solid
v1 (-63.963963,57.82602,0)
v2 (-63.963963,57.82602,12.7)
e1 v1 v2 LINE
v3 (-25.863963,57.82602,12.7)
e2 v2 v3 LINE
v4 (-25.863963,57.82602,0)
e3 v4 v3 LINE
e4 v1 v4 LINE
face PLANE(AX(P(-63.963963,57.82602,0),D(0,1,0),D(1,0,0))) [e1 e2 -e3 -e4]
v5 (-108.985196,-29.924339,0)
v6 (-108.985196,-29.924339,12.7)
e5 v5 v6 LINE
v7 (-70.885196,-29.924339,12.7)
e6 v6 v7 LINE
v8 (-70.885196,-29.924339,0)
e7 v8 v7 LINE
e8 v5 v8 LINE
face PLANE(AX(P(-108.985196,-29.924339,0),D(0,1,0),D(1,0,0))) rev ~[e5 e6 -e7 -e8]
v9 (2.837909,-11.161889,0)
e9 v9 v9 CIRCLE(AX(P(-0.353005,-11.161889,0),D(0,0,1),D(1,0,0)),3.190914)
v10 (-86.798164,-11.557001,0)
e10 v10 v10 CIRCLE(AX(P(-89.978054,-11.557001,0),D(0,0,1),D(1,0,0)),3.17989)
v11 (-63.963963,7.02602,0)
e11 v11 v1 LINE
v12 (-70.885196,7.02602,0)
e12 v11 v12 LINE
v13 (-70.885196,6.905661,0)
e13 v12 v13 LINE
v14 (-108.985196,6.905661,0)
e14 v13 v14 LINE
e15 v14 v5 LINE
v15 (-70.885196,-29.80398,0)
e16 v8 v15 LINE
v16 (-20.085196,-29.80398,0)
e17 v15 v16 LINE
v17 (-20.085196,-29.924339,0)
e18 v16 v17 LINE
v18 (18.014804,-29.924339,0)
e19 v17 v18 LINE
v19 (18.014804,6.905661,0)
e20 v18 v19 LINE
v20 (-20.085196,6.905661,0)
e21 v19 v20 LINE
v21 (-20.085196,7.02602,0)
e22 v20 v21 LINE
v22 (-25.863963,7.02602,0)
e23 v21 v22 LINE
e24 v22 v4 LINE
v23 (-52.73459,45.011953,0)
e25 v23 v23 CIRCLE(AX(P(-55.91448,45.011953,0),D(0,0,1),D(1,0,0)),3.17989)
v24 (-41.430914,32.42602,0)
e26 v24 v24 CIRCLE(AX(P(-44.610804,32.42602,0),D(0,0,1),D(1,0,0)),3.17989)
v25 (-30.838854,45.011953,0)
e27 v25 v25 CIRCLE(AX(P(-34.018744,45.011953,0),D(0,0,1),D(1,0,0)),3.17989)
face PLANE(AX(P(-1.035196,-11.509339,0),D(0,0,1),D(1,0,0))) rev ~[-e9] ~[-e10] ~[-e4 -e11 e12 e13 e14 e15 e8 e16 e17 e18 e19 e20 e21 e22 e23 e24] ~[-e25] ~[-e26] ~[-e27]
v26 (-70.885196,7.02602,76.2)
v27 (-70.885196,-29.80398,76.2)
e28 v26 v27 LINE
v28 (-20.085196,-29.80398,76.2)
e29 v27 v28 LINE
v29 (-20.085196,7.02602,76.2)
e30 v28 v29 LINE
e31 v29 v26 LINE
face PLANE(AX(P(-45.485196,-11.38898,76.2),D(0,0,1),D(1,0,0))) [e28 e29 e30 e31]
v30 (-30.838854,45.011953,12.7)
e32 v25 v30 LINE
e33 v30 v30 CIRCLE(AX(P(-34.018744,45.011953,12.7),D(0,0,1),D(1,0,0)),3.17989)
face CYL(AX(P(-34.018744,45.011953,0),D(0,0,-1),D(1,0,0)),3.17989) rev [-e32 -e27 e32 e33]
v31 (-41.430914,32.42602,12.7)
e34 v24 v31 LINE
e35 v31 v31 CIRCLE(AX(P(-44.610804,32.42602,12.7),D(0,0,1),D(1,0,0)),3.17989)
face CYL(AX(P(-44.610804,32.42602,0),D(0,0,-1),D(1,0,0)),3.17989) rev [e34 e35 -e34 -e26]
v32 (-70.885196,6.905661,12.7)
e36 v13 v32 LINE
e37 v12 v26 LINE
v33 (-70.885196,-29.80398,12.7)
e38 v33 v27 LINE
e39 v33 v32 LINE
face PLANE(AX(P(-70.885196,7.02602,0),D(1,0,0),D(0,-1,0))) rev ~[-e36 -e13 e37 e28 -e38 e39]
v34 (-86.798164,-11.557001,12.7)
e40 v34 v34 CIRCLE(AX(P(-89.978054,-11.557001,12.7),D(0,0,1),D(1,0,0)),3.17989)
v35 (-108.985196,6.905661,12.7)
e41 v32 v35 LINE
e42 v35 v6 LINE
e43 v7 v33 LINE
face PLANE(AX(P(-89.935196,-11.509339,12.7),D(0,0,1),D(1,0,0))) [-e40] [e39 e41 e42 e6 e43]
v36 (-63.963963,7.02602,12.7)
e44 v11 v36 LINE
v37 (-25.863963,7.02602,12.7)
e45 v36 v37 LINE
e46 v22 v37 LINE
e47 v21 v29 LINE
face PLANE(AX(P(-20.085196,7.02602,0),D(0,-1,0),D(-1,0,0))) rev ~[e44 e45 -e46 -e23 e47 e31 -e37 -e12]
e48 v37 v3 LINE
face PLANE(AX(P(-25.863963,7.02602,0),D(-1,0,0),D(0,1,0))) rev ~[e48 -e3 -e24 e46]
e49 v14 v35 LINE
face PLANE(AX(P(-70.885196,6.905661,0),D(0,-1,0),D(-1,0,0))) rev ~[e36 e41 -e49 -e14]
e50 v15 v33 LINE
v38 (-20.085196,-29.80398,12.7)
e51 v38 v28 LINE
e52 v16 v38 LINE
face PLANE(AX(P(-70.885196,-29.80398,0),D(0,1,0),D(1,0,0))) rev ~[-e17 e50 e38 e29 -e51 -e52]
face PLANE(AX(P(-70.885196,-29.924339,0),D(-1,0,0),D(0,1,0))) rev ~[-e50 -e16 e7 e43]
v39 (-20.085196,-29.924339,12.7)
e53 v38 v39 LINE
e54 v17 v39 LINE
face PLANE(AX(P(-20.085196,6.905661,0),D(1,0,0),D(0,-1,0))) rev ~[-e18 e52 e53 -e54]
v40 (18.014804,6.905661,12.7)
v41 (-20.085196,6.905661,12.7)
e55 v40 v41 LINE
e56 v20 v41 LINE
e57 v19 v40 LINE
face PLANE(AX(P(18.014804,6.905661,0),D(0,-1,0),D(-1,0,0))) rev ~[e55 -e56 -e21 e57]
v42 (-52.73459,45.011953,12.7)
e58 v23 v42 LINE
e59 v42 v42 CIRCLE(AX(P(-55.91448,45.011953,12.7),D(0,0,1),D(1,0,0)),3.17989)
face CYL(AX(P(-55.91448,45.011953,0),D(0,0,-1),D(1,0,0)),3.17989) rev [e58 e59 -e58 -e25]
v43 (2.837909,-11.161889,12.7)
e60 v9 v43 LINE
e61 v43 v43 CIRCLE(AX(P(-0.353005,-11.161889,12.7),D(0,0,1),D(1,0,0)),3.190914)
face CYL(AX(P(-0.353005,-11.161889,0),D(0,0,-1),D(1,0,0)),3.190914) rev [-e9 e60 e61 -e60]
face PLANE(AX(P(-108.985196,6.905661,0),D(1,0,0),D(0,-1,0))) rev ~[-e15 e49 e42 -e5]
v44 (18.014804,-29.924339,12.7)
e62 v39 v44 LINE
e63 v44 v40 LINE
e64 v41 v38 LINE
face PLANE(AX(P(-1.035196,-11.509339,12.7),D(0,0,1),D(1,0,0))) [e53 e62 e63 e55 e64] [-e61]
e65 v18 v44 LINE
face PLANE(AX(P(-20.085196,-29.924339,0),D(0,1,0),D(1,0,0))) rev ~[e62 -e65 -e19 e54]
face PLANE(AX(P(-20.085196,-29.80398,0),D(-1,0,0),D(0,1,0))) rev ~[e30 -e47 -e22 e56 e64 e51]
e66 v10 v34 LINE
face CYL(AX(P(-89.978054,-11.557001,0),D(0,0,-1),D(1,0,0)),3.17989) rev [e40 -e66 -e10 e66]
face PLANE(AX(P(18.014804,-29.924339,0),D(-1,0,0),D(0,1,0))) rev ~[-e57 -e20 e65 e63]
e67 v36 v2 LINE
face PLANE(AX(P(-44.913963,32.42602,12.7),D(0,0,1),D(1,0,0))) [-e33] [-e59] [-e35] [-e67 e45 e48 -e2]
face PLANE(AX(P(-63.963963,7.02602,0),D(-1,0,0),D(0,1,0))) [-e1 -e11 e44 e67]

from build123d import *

# Parameters (mm, degrees)
F1_DEPTH = 76.2
F0_R     = 3.17989
F2_DEPTH = 12.7
F0_R_2   = 3.190914
F3_DEPTH = 12.7
F0_W     = 38.1
F0_H     = 50.8
F4_DEPTH = 12.7


with BuildPart() as f1:
    # F0 (on Top) → F1 (new body)
    with BuildSketch(Plane.XY):
        Polygon((-63.963963, 7.02602), (-70.885196, 7.02602), (-70.885196, 6.905661), (-70.885196, -29.80398), (-20.085196, -29.80398), (-20.085196, 6.905661), (-20.085196, 7.02602), (-25.863963, 7.02602), align=None)
    extrude(amount=F1_DEPTH)

    # F0 (on Top) → F2 (join)
    with BuildSketch(Plane.XY):
        Polygon((-70.885196, -29.80398), (-70.885196, 6.905661), (-108.985196, 6.905661), (-108.985196, -29.924339), (-70.885196, -29.924339), align=None)
        with Locations((-89.978054, -11.557001)):
            Circle(F0_R, mode=Mode.SUBTRACT)
    extrude(amount=F2_DEPTH)

    # F0 (on Top) → F3 (join)
    with BuildSketch(Plane.XY):
        Polygon((-20.085196, 6.905661), (-20.085196, -29.80398), (-20.085196, -29.924339), (18.014804, -29.924339), (18.014804, 6.905661), align=None)
        with Locations((-0.353005, -11.161889)):
            Circle(F0_R_2, mode=Mode.SUBTRACT)
    extrude(amount=F3_DEPTH)

    # F0 (on Top) → F4 (join)
    with BuildSketch(Plane.XY):
        with Locations((-44.913963, 32.42602)):
            Rectangle(F0_W, F0_H)
        with Locations((-55.91448, 45.011953)):
            Circle(F0_R, mode=Mode.SUBTRACT)
        with Locations((-44.610804, 32.42602)):
            Circle(F0_R, mode=Mode.SUBTRACT)
        with Locations((-34.018744, 45.011953)):
            Circle(F0_R, mode=Mode.SUBTRACT)
    extrude(amount=F4_DEPTH)


solid = f1.part
